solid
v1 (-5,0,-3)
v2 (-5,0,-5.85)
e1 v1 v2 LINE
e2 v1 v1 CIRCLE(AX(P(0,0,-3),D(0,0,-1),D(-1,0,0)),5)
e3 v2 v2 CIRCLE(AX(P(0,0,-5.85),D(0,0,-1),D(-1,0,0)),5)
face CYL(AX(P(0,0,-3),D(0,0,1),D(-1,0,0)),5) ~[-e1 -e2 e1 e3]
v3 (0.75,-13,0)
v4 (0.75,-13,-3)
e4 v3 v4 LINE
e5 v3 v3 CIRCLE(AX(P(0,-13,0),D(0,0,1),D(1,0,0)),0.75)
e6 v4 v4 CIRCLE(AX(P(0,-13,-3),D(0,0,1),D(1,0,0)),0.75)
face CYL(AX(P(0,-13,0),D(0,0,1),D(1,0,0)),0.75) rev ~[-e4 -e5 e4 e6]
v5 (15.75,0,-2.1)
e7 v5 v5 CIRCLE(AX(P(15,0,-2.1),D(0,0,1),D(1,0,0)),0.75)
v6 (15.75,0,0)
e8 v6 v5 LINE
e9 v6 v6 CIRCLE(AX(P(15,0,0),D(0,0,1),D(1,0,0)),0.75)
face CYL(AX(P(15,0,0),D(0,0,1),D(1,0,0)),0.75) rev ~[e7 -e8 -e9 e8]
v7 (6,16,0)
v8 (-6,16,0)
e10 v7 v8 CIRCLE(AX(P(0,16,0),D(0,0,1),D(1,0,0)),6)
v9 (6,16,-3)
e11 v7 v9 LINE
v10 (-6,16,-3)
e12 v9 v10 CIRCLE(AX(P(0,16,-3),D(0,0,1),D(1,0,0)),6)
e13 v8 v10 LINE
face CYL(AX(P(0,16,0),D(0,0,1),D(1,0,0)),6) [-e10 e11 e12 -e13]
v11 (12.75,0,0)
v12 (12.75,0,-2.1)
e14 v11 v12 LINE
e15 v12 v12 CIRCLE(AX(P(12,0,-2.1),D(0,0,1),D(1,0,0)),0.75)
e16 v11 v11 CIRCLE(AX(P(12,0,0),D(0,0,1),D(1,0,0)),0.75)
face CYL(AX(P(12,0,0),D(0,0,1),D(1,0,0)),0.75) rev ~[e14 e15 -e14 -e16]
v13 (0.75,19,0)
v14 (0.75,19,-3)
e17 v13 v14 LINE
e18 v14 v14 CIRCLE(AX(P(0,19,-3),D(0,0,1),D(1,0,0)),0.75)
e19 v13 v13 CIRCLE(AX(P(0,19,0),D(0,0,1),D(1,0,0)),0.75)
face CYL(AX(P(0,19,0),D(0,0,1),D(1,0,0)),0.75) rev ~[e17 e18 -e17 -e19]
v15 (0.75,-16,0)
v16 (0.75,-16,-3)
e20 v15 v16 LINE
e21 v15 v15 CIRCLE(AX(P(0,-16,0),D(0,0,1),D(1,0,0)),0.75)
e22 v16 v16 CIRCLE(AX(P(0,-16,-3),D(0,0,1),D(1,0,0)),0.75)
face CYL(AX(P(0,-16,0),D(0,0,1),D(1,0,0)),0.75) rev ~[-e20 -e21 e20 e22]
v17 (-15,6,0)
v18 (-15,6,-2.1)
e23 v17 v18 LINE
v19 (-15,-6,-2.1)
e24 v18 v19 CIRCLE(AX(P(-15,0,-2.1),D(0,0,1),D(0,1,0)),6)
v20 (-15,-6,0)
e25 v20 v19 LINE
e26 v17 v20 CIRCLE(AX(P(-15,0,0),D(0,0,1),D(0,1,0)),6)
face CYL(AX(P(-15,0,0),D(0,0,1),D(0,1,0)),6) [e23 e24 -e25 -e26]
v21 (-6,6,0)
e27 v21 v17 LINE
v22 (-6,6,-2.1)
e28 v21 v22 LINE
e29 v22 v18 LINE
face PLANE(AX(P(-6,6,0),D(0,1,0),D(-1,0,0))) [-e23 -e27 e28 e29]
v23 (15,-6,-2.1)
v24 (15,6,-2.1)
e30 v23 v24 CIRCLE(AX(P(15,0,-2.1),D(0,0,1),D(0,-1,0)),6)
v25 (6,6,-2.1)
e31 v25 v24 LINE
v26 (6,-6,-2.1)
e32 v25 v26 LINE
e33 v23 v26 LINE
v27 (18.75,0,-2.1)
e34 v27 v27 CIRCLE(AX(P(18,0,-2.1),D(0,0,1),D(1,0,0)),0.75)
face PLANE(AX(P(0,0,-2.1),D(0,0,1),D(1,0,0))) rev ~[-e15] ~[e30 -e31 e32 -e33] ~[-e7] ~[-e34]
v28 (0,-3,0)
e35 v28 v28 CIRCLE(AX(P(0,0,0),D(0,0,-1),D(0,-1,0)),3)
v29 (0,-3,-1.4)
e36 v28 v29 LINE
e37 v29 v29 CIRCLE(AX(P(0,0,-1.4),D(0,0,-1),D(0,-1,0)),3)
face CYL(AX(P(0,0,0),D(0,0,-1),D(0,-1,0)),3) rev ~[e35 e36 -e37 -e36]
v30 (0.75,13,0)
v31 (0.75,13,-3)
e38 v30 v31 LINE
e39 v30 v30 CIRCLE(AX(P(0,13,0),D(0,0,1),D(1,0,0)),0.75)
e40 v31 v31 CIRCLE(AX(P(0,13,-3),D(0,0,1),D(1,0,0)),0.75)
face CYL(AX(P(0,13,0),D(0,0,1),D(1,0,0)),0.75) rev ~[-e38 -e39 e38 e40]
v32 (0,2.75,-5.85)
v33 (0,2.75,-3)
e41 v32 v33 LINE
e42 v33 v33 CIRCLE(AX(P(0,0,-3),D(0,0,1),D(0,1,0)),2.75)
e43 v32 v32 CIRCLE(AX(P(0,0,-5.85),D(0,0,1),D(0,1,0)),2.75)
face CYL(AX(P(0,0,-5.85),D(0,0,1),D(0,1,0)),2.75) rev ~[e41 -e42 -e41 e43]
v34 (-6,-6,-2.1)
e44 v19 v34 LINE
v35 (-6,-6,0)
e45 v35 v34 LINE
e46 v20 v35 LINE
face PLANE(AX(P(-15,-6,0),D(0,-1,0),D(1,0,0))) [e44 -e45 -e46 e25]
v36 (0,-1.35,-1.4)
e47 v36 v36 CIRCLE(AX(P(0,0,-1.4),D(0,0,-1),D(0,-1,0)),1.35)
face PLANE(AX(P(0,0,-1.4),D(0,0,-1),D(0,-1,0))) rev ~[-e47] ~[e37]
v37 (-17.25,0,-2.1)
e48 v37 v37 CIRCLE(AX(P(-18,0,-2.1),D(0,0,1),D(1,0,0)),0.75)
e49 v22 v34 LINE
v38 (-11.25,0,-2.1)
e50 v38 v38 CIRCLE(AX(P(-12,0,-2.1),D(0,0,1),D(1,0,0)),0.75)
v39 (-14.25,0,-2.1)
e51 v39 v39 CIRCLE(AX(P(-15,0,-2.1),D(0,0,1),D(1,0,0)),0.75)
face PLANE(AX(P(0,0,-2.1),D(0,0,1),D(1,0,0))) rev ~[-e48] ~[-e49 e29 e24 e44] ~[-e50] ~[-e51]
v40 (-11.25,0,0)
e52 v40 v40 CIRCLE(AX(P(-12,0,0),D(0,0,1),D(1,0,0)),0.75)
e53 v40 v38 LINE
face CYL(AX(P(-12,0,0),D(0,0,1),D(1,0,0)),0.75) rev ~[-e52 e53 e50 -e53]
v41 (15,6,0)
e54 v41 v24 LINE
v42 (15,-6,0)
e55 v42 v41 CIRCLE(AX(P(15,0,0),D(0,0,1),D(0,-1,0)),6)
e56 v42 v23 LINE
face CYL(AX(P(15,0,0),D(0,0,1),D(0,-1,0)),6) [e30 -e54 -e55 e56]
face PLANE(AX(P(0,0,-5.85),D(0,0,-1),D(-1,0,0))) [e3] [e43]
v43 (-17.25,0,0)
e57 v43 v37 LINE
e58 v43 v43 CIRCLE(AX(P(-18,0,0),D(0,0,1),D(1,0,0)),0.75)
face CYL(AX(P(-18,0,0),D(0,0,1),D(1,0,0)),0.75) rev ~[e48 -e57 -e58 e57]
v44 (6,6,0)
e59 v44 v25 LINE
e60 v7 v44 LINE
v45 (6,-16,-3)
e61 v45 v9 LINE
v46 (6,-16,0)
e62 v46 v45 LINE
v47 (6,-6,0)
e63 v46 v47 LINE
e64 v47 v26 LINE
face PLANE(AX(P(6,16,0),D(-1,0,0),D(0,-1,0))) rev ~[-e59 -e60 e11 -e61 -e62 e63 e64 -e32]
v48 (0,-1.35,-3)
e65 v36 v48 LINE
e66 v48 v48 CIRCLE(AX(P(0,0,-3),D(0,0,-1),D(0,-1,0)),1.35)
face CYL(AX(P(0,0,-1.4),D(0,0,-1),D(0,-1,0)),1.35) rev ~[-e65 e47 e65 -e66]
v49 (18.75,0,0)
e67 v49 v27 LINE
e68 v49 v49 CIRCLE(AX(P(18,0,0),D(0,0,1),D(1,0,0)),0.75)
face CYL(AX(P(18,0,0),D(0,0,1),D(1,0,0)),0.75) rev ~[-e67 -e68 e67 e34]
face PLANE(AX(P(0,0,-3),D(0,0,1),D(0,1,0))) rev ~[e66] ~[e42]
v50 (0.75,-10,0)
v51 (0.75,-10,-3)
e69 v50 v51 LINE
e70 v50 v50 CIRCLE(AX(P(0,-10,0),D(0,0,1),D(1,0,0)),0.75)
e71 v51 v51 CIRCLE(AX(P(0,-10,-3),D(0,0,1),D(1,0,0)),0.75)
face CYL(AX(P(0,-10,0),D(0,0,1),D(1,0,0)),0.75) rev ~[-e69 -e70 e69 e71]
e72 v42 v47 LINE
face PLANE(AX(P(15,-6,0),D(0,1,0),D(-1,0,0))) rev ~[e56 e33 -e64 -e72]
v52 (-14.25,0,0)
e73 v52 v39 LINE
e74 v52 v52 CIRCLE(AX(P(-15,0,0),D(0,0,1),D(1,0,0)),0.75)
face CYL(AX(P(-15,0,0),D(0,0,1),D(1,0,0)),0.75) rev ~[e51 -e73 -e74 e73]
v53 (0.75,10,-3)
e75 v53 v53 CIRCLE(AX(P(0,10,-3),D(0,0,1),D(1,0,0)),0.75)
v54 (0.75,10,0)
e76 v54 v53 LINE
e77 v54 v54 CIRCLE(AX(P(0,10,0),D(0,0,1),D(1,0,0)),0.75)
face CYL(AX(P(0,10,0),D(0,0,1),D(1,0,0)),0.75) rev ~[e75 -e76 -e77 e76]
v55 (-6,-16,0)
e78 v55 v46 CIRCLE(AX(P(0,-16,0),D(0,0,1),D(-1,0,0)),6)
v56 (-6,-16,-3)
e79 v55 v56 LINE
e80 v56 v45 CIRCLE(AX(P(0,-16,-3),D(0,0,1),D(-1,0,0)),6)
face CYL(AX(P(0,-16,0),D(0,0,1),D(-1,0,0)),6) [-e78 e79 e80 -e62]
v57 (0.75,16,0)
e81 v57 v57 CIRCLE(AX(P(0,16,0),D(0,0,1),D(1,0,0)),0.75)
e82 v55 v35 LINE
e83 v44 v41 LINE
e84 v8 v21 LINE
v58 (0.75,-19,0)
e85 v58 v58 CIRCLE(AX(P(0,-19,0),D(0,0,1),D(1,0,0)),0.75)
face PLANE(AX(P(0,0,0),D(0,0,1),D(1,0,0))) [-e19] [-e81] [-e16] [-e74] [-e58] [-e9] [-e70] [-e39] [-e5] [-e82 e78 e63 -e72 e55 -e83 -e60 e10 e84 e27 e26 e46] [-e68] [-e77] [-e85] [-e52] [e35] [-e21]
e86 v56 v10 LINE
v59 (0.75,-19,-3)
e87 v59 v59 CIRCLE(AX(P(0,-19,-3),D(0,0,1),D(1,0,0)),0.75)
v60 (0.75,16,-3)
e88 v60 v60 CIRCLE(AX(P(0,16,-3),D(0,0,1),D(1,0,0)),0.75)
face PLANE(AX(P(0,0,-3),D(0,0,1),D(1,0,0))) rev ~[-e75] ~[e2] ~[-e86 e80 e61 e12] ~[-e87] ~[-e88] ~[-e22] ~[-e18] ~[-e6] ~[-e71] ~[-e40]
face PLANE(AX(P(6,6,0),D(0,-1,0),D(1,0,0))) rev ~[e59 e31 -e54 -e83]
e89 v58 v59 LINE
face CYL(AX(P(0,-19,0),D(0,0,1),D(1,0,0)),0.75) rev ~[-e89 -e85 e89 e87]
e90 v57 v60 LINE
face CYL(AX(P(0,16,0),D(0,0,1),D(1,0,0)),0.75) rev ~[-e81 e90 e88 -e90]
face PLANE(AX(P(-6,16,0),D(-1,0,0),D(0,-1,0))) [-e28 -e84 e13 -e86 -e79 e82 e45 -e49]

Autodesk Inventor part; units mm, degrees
ref_plane "YZ Plane" through (0, 0, 0) normal (1, 0, 0) x (0, 1, 0)
ref_plane "XZ Plane" through (0, 0, 0) normal (0, 1, 0) x (-1, 0, 0)
ref_plane "XY Plane" through (0, 0, 0) normal (0, 0, 1) x (1, 0, 0)
sketch "Sketch1" plane through (0, 0, 0) normal (0, 0, 1) x (1, 0, 0)
  arc A0 (6, 16) -> (-6, 16) centre (0, 16) ccw
  line L0 (0, -30.8) -> (0, 30.8) construction
  line L1 (-6, 16) -> (-6, 6)
  line L2 (6, 16) -> (6, 6)
  circle A1 centre (0, 13) radius 0.75
  circle A2 centre (0, 10) radius 0.75
  circle A3 centre (0, 19) radius 0.75
  circle A4 centre (0, 16) radius 0.75
  line L3 (-7.8151, 0) -> (8.8196, 0) construction
  arc A5 (-6, -16) -> (6, -16) centre (0, -16) ccw
  line L4 (-6, -16) -> (-6, -6)
  line L5 (6, -16) -> (6, -6)
  circle A6 centre (0, -13) radius 0.75
  circle A7 centre (0, -10) radius 0.75
  circle A8 centre (0, -19) radius 0.75
  circle A9 centre (0, -16) radius 0.75
  line L6 (6, 6) -> (15, 6)
  arc A10 (15, -6) -> (15, 6) centre (15, 0) ccw
  line L7 (15, 6) -> (15, -6) construction
  line L8 (15, 6) -> (27, 6) construction
  line L9 (15, -6) -> (6, -6)
  circle A11 centre (18, 0) radius 0.75
  circle A12 centre (15, 0) radius 0.75
  circle A13 centre (12, 0) radius 0.75
  line L10 (7.8151, 0) -> (-8.8196, 0) construction
  line L11 (-6, 6) -> (-15, 6)
  arc A14 (-15, 6) -> (-15, -6) centre (-15, 0) ccw
  line L12 (-15, 6) -> (-15, -6) construction
  line L13 (-15, -6) -> (-6, -6)
  circle A15 centre (-18, 0) radius 0.75
  circle A16 centre (-15, 0) radius 0.75
  circle A17 centre (-12, 0) radius 0.75
  line L14 (6, 6) -> (6, -6)
  line L15 (-6, 6) -> (-6, -6)
  point P0 (0, 0)
  dimension "d0" = 12
  dimension "d1" = 6
  dimension "d2" = 10
  dimension "d3" = 10
  dimension "d5" = 1.5
  dimension "d6" = 1.5
  dimension "d8" = 1.5
  dimension "d9" = 13
  dimension "d10" = 10
  dimension "d11" = 19
  dimension "d12" = 1.5
  dimension "d13" = 16
  dimension "d14" = 16
  dimension "d15" = 10
  dimension "d16" = 90
  dimension "d17" = 6
  dimension "d18" = 15
  dimension "d19" = 12
  dimension "d20" = 15
  dimension "d21" = 18
  dimension "d22" = 1.5
  dimension "d23" = 1.5
  dimension "d24" = 1.5
  dimension "d25" = 6
  dimension "d26" = 6
extrude "Extrusion1" add sketch "Sketch1" against normal blind 3 contours L2 L14 L5 A5 L4 L15 L1 A0
extrude "Extrusion2" add sketch "Sketch1" against normal blind 2.1 contours L6 A10 L9 L14 | L15 L13 A14 L11
sketch "Sketch2" plane through (0, 0, -3) normal (0, 0, -1) x (-1, 0, 0)
  circle A0 centre (0, 0) radius 5
  dimension "d31" = 10
extrude "Extrusion3" add sketch "Sketch2" along normal blind 2.85
sketch "Sketch3" plane through (0, 0, -5.85) normal (0, 0, -1) x (-1, 0, 0)
  point P0 (0, 0)
  point P1 (0, 0)
hole "Hole1" at (0, 0, -5.85) direction (0, 0, 1) diameter 5.5 depth 2.85
sketch "Sketch6" plane through (0, 0, 0) normal (0, 0, 1) x (1, 0, 0)
  point P0 (0, 0)
  point P1 (0, 0)
hole "Hole2" at (0, 0, 0) direction (0, 0, -1) diameter 6 depth 1.4
sketch "Sketch7" plane through (0, 0, -1.4) normal (0, 0, 1) x (1, 0, 0)
  point P0 (0, 0)
  point P1 (0, 0)
hole "Hole3" at (0, 0, -1.4) direction (0, 0, -1) diameter 2.7 end through all
equation "\"d2\" = d3"
equation "\"d5\" = d8"
equation "\"d6\" = d8"
equation "\"d12\" = d8"
equation "\"d15\" = d10"
equation "\"d22\" = d8"
equation "\"d23\" = d8"
equation "\"d24\" = d8"
properties part number "Servo Horn 3 Skiba"
